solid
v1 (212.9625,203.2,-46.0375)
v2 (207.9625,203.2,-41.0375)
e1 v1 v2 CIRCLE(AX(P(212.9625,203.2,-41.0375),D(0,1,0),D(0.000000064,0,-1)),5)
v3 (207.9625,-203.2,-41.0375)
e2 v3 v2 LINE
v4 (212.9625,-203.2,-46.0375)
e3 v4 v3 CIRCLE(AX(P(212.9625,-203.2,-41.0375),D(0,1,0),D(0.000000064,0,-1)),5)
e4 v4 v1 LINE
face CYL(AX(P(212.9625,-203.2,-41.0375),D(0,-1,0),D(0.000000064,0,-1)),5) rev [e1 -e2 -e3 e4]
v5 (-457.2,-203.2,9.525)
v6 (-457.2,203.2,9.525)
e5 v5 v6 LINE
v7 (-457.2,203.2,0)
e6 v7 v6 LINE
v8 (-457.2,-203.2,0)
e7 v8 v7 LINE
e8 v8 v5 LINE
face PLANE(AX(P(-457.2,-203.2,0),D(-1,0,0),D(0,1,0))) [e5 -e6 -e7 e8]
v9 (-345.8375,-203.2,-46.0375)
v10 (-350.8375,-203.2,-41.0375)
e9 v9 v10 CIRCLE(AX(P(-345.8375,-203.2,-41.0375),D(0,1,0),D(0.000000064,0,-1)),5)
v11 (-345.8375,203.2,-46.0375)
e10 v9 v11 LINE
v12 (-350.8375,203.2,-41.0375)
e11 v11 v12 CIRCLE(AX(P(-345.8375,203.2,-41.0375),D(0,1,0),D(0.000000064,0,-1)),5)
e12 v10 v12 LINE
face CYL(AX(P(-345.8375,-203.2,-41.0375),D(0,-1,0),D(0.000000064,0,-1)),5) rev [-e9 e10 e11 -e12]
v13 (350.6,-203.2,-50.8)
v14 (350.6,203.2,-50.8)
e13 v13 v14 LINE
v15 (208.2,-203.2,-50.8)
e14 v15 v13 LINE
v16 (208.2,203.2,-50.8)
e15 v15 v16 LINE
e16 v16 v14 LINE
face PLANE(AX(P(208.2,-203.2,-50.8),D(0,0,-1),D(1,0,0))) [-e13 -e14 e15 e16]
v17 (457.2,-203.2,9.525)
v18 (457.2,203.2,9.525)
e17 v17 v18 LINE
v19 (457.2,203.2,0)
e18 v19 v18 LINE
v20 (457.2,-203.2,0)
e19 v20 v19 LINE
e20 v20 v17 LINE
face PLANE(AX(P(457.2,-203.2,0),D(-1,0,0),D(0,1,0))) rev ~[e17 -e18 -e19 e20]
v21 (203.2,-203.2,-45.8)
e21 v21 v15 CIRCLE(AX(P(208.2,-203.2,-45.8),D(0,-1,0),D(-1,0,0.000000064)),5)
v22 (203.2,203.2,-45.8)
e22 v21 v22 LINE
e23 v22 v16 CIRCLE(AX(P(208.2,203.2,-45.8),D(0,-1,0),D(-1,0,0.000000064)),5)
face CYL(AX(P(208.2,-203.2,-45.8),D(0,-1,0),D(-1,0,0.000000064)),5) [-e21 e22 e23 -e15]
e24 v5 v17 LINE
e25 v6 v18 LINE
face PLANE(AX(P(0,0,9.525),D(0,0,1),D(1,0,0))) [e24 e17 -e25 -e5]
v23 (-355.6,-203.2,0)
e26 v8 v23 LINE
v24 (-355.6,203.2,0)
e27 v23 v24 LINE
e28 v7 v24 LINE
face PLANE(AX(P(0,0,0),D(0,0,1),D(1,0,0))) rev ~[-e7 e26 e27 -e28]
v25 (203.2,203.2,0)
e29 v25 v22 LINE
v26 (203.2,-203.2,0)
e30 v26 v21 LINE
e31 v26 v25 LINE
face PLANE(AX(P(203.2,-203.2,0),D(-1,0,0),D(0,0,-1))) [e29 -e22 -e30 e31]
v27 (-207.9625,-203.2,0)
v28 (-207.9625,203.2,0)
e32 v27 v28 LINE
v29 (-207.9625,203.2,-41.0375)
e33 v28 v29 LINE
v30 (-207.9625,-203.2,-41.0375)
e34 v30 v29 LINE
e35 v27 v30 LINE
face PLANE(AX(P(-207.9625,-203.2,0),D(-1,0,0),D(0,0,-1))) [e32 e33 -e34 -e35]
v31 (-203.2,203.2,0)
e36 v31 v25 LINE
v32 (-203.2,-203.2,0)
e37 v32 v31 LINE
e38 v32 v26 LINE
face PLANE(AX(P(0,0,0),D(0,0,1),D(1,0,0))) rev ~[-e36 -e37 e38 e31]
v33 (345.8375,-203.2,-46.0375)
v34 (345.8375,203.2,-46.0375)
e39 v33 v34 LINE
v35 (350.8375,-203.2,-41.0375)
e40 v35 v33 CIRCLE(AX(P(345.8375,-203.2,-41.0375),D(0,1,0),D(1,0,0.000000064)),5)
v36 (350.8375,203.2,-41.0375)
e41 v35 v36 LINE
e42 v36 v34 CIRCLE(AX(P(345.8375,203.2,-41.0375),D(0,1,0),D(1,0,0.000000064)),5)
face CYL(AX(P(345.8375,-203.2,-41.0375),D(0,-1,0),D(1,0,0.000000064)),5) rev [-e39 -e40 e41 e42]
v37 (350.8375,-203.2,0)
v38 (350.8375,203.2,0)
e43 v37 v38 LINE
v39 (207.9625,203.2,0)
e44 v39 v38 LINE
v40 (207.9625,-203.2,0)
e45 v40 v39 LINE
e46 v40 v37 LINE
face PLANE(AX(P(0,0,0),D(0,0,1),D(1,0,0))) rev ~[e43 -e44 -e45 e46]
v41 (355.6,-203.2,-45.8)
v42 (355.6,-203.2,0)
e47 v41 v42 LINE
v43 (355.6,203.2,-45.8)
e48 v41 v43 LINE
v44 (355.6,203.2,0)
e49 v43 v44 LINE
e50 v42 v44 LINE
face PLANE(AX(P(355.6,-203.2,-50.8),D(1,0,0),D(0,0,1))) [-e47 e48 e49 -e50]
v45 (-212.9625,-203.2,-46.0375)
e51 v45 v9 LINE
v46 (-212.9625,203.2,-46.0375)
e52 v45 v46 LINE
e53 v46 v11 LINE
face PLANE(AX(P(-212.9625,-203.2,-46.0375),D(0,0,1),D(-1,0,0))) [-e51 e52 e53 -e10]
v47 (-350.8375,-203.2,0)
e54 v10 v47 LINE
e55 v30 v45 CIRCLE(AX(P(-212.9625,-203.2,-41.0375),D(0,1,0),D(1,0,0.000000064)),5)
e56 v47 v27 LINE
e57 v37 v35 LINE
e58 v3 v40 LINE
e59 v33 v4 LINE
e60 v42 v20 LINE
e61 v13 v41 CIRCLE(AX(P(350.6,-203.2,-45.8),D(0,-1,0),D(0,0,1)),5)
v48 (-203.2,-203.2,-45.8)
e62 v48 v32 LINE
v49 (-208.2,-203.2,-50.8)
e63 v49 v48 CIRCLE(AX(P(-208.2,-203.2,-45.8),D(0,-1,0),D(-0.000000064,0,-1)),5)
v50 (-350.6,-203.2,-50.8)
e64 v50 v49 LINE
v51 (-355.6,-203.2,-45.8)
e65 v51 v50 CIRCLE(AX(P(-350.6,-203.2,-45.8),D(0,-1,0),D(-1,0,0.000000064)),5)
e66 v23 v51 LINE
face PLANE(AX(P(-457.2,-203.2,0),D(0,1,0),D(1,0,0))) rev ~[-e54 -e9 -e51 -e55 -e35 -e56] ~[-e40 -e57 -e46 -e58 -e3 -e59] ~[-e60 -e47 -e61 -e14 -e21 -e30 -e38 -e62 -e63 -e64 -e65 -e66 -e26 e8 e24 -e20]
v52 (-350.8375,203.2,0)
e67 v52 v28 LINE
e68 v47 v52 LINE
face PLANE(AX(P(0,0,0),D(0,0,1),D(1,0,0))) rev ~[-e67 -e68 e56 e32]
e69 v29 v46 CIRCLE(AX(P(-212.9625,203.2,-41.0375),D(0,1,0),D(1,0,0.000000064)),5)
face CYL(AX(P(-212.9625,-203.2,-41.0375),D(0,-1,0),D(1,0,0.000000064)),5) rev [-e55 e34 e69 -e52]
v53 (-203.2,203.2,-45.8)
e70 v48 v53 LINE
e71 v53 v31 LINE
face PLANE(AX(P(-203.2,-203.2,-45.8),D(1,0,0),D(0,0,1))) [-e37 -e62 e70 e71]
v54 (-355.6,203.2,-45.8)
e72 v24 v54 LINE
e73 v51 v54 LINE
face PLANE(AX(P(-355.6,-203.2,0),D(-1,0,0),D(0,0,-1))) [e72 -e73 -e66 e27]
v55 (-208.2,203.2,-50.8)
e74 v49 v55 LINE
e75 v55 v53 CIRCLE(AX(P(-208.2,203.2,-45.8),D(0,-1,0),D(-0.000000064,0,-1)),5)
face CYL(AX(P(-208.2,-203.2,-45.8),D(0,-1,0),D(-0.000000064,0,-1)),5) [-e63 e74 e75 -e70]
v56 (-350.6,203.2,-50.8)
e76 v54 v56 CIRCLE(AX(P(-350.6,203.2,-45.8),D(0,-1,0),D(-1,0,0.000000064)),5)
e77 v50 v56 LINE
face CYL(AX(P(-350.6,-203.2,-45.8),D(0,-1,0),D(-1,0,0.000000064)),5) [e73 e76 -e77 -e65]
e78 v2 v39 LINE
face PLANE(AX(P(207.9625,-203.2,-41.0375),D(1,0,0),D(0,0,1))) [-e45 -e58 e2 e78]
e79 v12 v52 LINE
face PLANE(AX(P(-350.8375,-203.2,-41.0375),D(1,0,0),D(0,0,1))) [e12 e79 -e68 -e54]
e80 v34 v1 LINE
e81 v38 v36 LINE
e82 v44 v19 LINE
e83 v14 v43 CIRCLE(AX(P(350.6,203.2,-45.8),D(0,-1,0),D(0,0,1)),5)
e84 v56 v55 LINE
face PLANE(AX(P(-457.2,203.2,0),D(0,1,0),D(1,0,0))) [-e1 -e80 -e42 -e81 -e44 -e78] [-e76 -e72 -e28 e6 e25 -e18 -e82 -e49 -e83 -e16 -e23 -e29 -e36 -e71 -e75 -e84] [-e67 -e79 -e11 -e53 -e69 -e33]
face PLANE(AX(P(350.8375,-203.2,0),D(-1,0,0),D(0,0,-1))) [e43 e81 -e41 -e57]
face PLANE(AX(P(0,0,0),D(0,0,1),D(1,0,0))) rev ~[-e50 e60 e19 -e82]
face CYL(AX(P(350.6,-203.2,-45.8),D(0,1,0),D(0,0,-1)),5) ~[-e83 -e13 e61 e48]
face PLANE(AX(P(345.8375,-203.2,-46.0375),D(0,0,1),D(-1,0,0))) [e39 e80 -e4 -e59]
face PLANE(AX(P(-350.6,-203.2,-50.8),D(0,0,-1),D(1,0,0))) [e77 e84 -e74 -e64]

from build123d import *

# Parameters (mm, degrees)
F0_W     = 914.4
F0_H     = 406.4
F1_DEPTH = 9.525
F3_DEPTH = 406.4
F4_R     = 5


with BuildPart() as f1:
    # F0 (on Top) → F1 (new body)
    with BuildSketch(Plane.XY):
        Rectangle(F0_W, F0_H)
    extrude(amount=F1_DEPTH)

    # F2 (on face) → F3 (join, through all)
    with BuildSketch(Plane.XZ.offset(203.2)):
        with BuildLine():
            Line((-350.8375, 0), (-355.6, 0))
            Line((-355.6, 0), (-355.6, -45.8))
            ThreePointArc((-355.6, -45.8), (-354.135534, -49.335534), (-350.6, -50.8))
            Line((-350.6, -50.8), (-208.2, -50.8))
            ThreePointArc((-208.2, -50.8), (-204.664466, -49.335534), (-203.2, -45.8))
            Line((-203.2, -45.8), (-203.2, 0))
            Line((-203.2, 0), (-207.9625, 0))
            Line((-207.9625, 0), (-207.9625, -41.0375))
            ThreePointArc((-207.9625, -41.0375), (-209.426966, -44.573034), (-212.9625, -46.0375))
            Line((-212.9625, -46.0375), (-345.8375, -46.0375))
            ThreePointArc((-345.8375, -46.0375), (-349.373034, -44.573034), (-350.8375, -41.0375))
            Line((-350.8375, -41.0375), (-350.8375, 0))
        make_face()
        with BuildLine():
            Line((207.9625, 0), (203.2, 0))
            Line((203.2, 0), (203.2, -45.8))
            ThreePointArc((203.2, -45.8), (204.664466, -49.335534), (208.2, -50.8))
            Line((208.2, -50.8), (355.6, -50.8))
            Line((355.6, -50.8), (355.6, 0))
            Line((355.6, 0), (350.8375, 0))
            Line((350.8375, 0), (350.8375, -41.0375))
            ThreePointArc((350.8375, -41.0375), (349.373034, -44.573034), (345.8375, -46.0375))
            Line((345.8375, -46.0375), (212.9625, -46.0375))
            ThreePointArc((212.9625, -46.0375), (209.426966, -44.573034), (207.9625, -41.0375))
            Line((207.9625, -41.0375), (207.9625, 0))
        make_face()
    extrude(amount=-F3_DEPTH)

    # F4
    f4_edges = [f1.edges().sort_by_distance(p)[0] for p in [
        (355.6, 0, -50.8),
    ]]
    fillet(f4_edges, radius=F4_R)


solid = f1.part
